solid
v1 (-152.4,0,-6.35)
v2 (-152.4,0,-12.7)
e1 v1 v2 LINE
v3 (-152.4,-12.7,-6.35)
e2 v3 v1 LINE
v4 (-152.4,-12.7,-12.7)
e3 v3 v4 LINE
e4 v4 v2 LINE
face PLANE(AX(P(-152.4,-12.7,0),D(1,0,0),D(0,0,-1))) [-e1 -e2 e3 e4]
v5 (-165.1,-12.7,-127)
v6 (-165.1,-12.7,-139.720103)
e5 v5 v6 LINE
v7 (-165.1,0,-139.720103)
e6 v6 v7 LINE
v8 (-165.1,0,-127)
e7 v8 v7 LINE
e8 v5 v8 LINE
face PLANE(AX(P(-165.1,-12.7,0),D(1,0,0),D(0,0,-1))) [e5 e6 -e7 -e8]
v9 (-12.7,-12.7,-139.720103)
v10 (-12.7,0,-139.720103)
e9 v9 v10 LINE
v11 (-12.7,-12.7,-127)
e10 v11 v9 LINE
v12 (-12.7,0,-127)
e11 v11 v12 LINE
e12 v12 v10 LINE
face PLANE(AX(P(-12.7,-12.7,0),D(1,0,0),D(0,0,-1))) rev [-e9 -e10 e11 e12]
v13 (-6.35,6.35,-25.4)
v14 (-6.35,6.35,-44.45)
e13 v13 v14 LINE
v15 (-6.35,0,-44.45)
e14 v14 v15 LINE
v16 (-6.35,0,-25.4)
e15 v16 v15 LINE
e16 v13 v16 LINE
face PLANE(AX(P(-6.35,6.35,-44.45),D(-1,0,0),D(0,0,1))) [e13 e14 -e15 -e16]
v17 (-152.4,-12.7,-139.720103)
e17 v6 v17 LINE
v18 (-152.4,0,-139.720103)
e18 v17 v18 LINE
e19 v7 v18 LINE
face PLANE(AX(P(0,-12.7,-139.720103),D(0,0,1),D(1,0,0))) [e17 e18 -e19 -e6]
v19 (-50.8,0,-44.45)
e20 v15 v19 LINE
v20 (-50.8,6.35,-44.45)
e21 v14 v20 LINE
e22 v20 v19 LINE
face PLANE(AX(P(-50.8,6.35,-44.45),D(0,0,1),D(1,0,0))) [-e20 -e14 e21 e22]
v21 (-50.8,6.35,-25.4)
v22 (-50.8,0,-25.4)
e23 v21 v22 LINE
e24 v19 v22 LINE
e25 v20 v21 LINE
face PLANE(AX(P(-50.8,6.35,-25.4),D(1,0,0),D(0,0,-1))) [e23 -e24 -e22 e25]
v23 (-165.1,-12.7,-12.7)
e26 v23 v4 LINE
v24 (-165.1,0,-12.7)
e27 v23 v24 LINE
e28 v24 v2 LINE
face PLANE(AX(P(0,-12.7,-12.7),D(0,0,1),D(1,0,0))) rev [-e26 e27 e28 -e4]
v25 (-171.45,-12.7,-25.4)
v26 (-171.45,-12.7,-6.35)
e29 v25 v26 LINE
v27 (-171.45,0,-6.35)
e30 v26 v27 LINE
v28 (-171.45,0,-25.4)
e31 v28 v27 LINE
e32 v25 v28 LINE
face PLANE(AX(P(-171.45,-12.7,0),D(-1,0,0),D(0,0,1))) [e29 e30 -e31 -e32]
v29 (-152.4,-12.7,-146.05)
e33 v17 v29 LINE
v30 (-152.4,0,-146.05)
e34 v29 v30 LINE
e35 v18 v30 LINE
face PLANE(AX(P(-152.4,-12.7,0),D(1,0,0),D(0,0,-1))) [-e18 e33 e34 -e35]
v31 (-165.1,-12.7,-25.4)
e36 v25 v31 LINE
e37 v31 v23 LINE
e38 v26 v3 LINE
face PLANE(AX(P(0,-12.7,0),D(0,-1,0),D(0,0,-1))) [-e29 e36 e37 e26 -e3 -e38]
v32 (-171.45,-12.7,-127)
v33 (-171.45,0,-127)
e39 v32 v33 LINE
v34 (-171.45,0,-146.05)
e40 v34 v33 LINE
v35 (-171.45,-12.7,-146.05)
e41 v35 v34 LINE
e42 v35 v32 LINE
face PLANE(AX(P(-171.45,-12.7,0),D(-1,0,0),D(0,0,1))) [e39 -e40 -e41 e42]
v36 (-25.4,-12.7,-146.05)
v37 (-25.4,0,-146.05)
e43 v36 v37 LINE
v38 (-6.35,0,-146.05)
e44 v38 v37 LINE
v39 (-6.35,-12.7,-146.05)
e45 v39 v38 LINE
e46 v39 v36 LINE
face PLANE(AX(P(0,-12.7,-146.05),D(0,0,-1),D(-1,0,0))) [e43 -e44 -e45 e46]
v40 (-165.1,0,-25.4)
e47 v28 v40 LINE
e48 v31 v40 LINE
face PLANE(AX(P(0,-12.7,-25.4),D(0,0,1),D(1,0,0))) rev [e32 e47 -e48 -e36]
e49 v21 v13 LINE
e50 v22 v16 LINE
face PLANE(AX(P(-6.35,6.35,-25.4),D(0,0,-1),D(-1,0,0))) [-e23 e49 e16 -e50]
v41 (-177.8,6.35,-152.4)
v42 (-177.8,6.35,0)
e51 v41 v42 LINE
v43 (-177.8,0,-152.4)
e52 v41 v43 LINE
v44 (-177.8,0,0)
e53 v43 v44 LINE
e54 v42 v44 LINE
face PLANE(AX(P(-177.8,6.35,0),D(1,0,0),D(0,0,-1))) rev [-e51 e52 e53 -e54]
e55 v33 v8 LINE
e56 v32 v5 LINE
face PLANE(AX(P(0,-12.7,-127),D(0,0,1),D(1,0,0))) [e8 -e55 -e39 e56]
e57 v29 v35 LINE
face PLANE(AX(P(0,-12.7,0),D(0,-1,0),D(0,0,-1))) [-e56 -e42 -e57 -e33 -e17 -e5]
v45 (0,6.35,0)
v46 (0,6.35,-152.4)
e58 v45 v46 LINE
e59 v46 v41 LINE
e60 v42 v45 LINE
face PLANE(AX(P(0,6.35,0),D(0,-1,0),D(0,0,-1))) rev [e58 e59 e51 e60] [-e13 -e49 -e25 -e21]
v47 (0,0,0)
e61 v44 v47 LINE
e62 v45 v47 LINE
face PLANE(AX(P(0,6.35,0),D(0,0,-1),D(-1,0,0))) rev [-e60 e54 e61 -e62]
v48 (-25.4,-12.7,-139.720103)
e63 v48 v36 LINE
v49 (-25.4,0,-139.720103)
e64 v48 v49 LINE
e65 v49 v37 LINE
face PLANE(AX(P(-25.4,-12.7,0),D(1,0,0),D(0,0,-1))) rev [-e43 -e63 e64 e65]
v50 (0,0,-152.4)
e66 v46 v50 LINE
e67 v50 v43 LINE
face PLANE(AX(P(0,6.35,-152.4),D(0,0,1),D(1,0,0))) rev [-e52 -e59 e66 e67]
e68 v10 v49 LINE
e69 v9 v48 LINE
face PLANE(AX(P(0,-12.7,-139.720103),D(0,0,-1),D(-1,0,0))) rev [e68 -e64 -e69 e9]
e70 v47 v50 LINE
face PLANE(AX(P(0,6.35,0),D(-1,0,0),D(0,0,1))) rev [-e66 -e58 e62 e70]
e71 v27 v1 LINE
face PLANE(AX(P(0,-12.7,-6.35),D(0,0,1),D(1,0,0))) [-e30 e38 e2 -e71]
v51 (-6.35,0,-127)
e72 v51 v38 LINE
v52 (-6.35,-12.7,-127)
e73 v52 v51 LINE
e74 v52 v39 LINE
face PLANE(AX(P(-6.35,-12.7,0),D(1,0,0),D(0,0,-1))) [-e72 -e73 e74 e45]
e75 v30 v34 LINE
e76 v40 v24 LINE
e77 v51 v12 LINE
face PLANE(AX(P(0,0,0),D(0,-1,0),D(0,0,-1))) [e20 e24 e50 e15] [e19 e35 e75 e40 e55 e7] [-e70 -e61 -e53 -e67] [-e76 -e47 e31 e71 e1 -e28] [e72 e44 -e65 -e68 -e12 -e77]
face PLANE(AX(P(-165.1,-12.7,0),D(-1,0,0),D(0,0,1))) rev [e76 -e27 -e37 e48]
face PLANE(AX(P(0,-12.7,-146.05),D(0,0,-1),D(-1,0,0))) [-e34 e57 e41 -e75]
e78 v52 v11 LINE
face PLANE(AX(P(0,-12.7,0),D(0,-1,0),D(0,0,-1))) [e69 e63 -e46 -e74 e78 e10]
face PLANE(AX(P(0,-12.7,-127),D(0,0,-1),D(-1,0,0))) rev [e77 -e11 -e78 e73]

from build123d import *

# Parameters (mm, degrees)
SKETCH1_W           = 177.8
SKETCH1_H           = 152.4
SKETCH1_W_2         = 44.45
SKETCH1_H_2         = 19.05
BOSS_EXTRUDE1_DEPTH = 6.35
BOSS_EXTRUDE2_DEPTH = 12.7


with BuildPart() as part:
    # Sketch1 → Boss-Extrude1 (new body)
    with BuildSketch(Plane(origin=(0, 0, 0), x_dir=(1, 0, 0), z_dir=(0, 1, 0))):
        with Locations((-88.9, 76.2)):
            Rectangle(SKETCH1_W, SKETCH1_H)
        with Locations((-28.575, 34.925)):
            Rectangle(SKETCH1_W_2, SKETCH1_H_2, mode=Mode.SUBTRACT)
    extrude(amount=BOSS_EXTRUDE1_DEPTH)

    # Sketch2 → Boss-Extrude2 (add)
    with BuildSketch(Plane.XZ):
        Polygon((-171.45, -146.05), (-171.45, -127), (-165.1, -127), (-165.1, -139.720102982), (-152.4, -139.720102982), (-152.4, -146.05), align=None)
        Polygon((-6.35, -146.05), (-25.4, -146.05), (-25.4, -139.720102982), (-12.7, -139.720102982), (-12.7, -127), (-6.35, -127), align=None)
        Polygon((-171.45, -6.35), (-152.4, -6.35), (-152.4, -12.7), (-165.1, -12.7), (-165.1, -25.4), (-171.45, -25.4), align=None)
    extrude(amount=BOSS_EXTRUDE2_DEPTH)


solid = part.part
